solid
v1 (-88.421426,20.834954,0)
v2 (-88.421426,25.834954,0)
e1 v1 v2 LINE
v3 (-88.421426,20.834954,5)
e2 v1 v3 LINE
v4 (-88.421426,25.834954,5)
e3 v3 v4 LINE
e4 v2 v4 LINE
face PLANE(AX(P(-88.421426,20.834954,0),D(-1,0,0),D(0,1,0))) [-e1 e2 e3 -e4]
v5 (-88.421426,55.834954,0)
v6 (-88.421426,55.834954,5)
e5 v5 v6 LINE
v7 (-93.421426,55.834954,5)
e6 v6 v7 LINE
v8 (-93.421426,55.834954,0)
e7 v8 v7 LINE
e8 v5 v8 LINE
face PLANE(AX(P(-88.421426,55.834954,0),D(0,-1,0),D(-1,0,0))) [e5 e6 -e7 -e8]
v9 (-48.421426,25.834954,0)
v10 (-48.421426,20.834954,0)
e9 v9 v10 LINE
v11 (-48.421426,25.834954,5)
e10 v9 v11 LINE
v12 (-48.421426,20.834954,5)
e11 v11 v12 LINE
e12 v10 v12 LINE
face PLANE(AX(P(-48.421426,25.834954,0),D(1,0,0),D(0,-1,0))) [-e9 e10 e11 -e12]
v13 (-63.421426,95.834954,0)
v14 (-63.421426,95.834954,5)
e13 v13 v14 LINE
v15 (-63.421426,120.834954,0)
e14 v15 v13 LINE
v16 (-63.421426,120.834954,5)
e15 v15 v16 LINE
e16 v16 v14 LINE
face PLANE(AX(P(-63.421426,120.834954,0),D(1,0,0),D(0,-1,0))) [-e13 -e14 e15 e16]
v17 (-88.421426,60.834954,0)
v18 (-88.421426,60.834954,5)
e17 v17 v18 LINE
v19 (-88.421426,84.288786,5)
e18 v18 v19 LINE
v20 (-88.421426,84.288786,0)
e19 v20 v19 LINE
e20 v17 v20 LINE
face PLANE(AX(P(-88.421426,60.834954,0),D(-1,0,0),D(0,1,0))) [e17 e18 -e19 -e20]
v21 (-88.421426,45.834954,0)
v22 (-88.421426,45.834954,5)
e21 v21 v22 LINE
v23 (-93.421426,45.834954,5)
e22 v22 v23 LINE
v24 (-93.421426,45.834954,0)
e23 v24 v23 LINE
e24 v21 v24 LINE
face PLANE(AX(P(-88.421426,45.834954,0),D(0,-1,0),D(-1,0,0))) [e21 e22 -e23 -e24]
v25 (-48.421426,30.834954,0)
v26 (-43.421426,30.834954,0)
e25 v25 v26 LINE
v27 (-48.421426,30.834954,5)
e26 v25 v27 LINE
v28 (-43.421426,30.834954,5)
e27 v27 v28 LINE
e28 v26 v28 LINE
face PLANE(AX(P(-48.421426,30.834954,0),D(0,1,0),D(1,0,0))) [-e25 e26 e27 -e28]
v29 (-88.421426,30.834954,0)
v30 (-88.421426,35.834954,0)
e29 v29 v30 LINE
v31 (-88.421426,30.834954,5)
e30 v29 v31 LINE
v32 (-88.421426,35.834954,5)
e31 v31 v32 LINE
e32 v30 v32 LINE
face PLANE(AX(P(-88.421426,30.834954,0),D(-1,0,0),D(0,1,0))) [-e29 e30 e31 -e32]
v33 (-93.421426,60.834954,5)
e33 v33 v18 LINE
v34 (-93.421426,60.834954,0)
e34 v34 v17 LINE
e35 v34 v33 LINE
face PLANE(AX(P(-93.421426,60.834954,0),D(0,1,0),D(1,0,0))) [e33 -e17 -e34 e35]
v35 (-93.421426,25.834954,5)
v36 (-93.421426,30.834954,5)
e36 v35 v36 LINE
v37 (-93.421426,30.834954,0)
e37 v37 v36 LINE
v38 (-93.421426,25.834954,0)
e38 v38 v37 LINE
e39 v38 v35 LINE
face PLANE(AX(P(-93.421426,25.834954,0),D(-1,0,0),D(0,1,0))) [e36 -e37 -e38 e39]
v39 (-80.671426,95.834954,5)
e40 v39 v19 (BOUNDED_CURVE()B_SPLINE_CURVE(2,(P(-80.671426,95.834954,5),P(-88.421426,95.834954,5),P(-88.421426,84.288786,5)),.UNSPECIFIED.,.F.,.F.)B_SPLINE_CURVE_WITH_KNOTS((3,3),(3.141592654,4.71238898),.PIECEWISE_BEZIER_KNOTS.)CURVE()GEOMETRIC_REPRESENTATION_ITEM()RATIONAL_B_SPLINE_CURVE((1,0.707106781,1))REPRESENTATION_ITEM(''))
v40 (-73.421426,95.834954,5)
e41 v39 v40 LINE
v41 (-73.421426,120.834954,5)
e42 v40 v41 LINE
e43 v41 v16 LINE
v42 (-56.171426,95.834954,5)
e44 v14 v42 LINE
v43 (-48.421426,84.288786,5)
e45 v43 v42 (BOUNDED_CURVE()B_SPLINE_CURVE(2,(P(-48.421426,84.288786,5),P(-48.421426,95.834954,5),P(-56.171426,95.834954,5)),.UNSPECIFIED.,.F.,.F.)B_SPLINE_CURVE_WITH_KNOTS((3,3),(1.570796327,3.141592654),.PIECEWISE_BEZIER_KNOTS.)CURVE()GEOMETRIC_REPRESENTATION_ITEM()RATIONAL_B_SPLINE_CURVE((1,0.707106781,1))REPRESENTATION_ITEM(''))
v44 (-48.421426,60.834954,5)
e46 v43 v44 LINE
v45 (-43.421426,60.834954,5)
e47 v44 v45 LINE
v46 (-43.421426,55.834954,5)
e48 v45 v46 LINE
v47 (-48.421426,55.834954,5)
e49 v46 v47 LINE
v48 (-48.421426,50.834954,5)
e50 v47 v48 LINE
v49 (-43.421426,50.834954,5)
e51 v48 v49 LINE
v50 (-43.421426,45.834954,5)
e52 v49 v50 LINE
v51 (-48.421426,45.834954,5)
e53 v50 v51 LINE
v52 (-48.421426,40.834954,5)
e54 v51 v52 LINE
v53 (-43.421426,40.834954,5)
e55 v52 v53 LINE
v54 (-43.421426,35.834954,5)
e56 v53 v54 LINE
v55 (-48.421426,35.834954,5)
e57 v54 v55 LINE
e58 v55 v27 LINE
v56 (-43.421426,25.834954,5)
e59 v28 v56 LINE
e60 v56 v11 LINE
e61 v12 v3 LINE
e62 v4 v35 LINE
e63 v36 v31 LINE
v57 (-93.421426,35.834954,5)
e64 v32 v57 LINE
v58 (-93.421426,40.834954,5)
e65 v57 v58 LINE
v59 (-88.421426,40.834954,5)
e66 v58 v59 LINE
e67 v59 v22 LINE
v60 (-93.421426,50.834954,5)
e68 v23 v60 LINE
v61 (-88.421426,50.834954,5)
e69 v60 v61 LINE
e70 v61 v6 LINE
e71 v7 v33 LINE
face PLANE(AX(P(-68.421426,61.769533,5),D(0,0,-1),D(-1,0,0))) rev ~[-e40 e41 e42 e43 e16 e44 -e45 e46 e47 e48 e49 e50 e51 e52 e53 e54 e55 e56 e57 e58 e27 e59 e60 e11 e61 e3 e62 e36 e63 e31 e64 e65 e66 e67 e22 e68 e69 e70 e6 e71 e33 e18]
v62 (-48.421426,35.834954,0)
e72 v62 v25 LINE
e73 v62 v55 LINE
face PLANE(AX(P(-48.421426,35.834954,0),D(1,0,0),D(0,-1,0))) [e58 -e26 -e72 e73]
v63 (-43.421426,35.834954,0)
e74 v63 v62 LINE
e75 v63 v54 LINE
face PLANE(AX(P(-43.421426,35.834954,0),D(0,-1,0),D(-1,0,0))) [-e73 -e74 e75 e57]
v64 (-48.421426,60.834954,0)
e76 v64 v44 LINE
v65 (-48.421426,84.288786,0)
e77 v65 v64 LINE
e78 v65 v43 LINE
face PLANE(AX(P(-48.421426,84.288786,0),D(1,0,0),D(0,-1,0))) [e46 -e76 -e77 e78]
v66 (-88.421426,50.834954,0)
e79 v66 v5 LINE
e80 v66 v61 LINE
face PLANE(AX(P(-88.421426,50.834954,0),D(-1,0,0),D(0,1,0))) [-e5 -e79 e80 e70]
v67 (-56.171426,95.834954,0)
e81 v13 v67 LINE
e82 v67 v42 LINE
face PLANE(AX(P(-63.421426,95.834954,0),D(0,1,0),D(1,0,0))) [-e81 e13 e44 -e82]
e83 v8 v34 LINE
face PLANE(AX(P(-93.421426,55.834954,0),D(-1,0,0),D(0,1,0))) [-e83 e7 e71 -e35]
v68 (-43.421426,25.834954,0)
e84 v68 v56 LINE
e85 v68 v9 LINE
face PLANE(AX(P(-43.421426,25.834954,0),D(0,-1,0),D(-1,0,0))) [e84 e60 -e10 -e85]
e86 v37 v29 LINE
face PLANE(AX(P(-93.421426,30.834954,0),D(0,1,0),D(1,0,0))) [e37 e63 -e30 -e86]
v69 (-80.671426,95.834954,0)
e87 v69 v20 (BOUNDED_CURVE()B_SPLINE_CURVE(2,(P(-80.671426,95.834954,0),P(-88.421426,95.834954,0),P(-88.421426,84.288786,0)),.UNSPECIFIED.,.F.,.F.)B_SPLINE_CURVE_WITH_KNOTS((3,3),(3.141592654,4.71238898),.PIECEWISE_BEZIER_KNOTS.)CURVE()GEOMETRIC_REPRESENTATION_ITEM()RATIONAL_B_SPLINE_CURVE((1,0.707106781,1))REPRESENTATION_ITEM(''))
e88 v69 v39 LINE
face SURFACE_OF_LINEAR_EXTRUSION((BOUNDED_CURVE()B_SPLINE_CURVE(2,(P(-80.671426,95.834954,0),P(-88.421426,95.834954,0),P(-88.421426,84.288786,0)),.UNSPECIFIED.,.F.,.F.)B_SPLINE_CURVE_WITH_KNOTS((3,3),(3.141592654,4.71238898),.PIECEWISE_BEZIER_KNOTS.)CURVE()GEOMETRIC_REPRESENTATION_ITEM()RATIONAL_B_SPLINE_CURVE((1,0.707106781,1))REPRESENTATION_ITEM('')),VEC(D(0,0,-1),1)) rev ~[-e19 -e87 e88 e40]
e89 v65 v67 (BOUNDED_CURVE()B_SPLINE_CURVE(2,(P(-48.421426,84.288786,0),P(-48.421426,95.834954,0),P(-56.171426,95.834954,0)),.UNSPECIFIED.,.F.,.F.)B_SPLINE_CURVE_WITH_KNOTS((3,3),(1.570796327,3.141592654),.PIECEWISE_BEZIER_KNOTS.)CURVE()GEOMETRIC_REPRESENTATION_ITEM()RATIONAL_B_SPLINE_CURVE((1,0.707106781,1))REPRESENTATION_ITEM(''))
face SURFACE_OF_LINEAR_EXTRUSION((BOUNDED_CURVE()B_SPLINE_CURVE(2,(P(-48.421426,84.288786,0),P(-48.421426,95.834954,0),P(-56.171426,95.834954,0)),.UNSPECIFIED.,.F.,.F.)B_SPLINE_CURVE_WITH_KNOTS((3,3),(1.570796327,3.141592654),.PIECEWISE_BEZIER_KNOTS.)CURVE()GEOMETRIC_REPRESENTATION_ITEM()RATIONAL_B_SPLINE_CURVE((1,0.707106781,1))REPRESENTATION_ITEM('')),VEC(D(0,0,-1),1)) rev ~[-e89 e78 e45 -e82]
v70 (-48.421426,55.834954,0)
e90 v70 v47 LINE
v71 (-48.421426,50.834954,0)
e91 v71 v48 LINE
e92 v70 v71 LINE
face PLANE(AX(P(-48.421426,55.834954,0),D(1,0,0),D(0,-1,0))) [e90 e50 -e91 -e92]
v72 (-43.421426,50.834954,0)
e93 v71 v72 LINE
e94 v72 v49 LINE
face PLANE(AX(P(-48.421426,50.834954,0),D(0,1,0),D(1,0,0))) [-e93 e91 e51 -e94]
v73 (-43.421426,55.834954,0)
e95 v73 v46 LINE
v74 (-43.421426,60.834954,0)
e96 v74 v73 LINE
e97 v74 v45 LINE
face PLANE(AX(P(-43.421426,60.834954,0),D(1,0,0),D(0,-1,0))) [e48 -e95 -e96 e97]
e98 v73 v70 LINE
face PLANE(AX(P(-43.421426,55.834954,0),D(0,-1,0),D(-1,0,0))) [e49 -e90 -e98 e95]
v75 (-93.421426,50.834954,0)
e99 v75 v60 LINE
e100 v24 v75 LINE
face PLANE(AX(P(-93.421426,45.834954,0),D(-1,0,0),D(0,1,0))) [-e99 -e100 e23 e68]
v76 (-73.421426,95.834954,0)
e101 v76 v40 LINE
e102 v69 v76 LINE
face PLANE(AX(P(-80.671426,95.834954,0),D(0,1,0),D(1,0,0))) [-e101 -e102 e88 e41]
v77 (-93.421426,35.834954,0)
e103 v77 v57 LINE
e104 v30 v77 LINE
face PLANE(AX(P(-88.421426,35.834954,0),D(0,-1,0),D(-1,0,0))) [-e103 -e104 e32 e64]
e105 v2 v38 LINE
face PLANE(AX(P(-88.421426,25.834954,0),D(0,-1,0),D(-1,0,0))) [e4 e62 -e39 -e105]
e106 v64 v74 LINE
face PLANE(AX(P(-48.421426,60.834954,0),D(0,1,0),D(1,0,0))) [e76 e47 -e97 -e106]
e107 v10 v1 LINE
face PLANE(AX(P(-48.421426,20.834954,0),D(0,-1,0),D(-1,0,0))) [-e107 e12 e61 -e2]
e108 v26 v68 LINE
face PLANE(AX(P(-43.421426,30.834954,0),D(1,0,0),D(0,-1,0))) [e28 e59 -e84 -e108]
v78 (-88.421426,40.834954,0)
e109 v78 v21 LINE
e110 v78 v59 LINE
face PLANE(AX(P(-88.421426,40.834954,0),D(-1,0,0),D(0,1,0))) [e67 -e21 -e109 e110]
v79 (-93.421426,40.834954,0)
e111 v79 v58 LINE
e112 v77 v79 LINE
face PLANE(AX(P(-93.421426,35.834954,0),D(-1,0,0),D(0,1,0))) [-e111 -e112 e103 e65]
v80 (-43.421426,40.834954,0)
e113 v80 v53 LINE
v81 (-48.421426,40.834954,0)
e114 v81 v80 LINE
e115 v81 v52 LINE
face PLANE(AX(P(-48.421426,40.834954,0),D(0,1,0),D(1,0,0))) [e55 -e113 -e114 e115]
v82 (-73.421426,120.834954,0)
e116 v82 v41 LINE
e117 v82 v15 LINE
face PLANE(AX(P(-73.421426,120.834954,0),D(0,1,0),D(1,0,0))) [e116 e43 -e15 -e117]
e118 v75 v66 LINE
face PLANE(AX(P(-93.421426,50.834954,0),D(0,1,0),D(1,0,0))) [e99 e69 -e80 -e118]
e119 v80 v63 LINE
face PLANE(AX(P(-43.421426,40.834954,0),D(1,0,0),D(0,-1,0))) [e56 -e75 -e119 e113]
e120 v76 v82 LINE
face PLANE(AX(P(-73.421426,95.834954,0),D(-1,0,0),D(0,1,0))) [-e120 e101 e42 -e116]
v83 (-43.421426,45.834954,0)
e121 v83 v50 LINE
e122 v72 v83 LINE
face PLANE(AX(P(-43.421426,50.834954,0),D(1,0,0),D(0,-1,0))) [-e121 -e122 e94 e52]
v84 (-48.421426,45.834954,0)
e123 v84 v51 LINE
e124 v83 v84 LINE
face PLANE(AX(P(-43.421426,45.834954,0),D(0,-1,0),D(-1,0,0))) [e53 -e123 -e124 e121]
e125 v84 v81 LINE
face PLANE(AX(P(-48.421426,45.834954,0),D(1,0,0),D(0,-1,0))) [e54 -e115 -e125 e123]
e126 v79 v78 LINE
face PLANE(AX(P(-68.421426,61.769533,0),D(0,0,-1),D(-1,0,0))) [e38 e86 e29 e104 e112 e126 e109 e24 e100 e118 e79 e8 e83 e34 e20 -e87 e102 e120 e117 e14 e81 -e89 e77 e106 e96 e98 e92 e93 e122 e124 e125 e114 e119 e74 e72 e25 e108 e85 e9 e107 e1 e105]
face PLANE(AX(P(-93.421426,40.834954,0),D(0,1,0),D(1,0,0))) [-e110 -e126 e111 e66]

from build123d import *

# Parameters (mm, degrees)
BOSS_EXTRU_1_DEPTH = 5


with BuildPart() as part:
    # Esquisse1 → Boss.-Extru.1 (new body)
    with BuildSketch(Plane.XY):
        with BuildLine():
            Line((-88.421426264, 20.834954052), (-88.421426264, 25.834954052))
            Line((-88.421426264, 25.834954052), (-93.421426264, 25.834954052))
            Line((-93.421426264, 25.834954052), (-93.421426264, 30.834954052))
            Line((-93.421426264, 30.834954052), (-88.421426264, 30.834954052))
            Line((-88.421426264, 30.834954052), (-88.421426264, 35.834954052))
            Line((-88.421426264, 35.834954052), (-93.421426264, 35.834954052))
            Line((-93.421426264, 35.834954052), (-93.421426264, 40.834954052))
            Line((-93.421426264, 40.834954052), (-88.421426264, 40.834954052))
            Line((-88.421426264, 40.834954052), (-88.421426264, 45.834954052))
            Line((-88.421426264, 45.834954052), (-93.421426264, 45.834954052))
            Line((-93.421426264, 45.834954052), (-93.421426264, 50.834954052))
            Line((-93.421426264, 50.834954052), (-88.421426264, 50.834954052))
            Line((-88.421426264, 50.834954052), (-88.421426264, 55.834954052))
            Line((-88.421426264, 55.834954052), (-93.421426264, 55.834954052))
            Line((-93.421426264, 55.834954052), (-93.421426264, 60.834954052))
            Line((-93.421426264, 60.834954052), (-88.421426264, 60.834954052))
            Line((-88.421426264, 60.834954052), (-88.421426264, 84.288786066))
            add(Edge.make_bspline(
                [(-80.671426264, 95.834954052), (-88.421426264, 95.834954052), (-88.421426264, 84.288786066)],
                knots=[3.141592654, 3.141592654, 3.141592654, 4.71238898, 4.71238898, 4.71238898], degree=2, weights=[1, 0.707106781, 1]))
            Line((-80.671426264, 95.834954052), (-73.421426264, 95.834954052))
            Line((-73.421426264, 95.834954052), (-73.421426264, 120.834954052))
            Line((-73.421426264, 120.834954052), (-63.421426264, 120.834954052))
            Line((-63.421426264, 120.834954052), (-63.421426264, 95.834954052))
            Line((-63.421426264, 95.834954052), (-56.171426264, 95.834954052))
            add(Edge.make_bspline(
                [(-48.421426264, 84.288786066), (-48.421426264, 95.834954052), (-56.171426264, 95.834954052)],
                knots=[1.570796327, 1.570796327, 1.570796327, 3.141592654, 3.141592654, 3.141592654], degree=2, weights=[1, 0.707106781, 1]))
            Line((-48.421426264, 84.288786066), (-48.421426264, 60.834954052))
            Line((-48.421426264, 60.834954052), (-43.421426264, 60.834954052))
            Line((-43.421426264, 60.834954052), (-43.421426264, 55.834954052))
            Line((-43.421426264, 55.834954052), (-48.421426264, 55.834954052))
            Line((-48.421426264, 55.834954052), (-48.421426264, 50.834954052))
            Line((-48.421426264, 50.834954052), (-43.421426264, 50.834954052))
            Line((-43.421426264, 50.834954052), (-43.421426264, 45.834954052))
            Line((-43.421426264, 45.834954052), (-48.421426264, 45.834954052))
            Line((-48.421426264, 45.834954052), (-48.421426264, 40.834954052))
            Line((-48.421426264, 40.834954052), (-43.421426264, 40.834954052))
            Line((-43.421426264, 40.834954052), (-43.421426264, 35.834954052))
            Line((-43.421426264, 35.834954052), (-48.421426264, 35.834954052))
            Line((-48.421426264, 35.834954052), (-48.421426264, 30.834954052))
            Line((-48.421426264, 30.834954052), (-43.421426264, 30.834954052))
            Line((-43.421426264, 30.834954052), (-43.421426264, 25.834954052))
            Line((-43.421426264, 25.834954052), (-48.421426264, 25.834954052))
            Line((-48.421426264, 25.834954052), (-48.421426264, 20.834954052))
            Line((-48.421426264, 20.834954052), (-88.421426264, 20.834954052))
        make_face()
    extrude(amount=BOSS_EXTRU_1_DEPTH)


solid = part.part
